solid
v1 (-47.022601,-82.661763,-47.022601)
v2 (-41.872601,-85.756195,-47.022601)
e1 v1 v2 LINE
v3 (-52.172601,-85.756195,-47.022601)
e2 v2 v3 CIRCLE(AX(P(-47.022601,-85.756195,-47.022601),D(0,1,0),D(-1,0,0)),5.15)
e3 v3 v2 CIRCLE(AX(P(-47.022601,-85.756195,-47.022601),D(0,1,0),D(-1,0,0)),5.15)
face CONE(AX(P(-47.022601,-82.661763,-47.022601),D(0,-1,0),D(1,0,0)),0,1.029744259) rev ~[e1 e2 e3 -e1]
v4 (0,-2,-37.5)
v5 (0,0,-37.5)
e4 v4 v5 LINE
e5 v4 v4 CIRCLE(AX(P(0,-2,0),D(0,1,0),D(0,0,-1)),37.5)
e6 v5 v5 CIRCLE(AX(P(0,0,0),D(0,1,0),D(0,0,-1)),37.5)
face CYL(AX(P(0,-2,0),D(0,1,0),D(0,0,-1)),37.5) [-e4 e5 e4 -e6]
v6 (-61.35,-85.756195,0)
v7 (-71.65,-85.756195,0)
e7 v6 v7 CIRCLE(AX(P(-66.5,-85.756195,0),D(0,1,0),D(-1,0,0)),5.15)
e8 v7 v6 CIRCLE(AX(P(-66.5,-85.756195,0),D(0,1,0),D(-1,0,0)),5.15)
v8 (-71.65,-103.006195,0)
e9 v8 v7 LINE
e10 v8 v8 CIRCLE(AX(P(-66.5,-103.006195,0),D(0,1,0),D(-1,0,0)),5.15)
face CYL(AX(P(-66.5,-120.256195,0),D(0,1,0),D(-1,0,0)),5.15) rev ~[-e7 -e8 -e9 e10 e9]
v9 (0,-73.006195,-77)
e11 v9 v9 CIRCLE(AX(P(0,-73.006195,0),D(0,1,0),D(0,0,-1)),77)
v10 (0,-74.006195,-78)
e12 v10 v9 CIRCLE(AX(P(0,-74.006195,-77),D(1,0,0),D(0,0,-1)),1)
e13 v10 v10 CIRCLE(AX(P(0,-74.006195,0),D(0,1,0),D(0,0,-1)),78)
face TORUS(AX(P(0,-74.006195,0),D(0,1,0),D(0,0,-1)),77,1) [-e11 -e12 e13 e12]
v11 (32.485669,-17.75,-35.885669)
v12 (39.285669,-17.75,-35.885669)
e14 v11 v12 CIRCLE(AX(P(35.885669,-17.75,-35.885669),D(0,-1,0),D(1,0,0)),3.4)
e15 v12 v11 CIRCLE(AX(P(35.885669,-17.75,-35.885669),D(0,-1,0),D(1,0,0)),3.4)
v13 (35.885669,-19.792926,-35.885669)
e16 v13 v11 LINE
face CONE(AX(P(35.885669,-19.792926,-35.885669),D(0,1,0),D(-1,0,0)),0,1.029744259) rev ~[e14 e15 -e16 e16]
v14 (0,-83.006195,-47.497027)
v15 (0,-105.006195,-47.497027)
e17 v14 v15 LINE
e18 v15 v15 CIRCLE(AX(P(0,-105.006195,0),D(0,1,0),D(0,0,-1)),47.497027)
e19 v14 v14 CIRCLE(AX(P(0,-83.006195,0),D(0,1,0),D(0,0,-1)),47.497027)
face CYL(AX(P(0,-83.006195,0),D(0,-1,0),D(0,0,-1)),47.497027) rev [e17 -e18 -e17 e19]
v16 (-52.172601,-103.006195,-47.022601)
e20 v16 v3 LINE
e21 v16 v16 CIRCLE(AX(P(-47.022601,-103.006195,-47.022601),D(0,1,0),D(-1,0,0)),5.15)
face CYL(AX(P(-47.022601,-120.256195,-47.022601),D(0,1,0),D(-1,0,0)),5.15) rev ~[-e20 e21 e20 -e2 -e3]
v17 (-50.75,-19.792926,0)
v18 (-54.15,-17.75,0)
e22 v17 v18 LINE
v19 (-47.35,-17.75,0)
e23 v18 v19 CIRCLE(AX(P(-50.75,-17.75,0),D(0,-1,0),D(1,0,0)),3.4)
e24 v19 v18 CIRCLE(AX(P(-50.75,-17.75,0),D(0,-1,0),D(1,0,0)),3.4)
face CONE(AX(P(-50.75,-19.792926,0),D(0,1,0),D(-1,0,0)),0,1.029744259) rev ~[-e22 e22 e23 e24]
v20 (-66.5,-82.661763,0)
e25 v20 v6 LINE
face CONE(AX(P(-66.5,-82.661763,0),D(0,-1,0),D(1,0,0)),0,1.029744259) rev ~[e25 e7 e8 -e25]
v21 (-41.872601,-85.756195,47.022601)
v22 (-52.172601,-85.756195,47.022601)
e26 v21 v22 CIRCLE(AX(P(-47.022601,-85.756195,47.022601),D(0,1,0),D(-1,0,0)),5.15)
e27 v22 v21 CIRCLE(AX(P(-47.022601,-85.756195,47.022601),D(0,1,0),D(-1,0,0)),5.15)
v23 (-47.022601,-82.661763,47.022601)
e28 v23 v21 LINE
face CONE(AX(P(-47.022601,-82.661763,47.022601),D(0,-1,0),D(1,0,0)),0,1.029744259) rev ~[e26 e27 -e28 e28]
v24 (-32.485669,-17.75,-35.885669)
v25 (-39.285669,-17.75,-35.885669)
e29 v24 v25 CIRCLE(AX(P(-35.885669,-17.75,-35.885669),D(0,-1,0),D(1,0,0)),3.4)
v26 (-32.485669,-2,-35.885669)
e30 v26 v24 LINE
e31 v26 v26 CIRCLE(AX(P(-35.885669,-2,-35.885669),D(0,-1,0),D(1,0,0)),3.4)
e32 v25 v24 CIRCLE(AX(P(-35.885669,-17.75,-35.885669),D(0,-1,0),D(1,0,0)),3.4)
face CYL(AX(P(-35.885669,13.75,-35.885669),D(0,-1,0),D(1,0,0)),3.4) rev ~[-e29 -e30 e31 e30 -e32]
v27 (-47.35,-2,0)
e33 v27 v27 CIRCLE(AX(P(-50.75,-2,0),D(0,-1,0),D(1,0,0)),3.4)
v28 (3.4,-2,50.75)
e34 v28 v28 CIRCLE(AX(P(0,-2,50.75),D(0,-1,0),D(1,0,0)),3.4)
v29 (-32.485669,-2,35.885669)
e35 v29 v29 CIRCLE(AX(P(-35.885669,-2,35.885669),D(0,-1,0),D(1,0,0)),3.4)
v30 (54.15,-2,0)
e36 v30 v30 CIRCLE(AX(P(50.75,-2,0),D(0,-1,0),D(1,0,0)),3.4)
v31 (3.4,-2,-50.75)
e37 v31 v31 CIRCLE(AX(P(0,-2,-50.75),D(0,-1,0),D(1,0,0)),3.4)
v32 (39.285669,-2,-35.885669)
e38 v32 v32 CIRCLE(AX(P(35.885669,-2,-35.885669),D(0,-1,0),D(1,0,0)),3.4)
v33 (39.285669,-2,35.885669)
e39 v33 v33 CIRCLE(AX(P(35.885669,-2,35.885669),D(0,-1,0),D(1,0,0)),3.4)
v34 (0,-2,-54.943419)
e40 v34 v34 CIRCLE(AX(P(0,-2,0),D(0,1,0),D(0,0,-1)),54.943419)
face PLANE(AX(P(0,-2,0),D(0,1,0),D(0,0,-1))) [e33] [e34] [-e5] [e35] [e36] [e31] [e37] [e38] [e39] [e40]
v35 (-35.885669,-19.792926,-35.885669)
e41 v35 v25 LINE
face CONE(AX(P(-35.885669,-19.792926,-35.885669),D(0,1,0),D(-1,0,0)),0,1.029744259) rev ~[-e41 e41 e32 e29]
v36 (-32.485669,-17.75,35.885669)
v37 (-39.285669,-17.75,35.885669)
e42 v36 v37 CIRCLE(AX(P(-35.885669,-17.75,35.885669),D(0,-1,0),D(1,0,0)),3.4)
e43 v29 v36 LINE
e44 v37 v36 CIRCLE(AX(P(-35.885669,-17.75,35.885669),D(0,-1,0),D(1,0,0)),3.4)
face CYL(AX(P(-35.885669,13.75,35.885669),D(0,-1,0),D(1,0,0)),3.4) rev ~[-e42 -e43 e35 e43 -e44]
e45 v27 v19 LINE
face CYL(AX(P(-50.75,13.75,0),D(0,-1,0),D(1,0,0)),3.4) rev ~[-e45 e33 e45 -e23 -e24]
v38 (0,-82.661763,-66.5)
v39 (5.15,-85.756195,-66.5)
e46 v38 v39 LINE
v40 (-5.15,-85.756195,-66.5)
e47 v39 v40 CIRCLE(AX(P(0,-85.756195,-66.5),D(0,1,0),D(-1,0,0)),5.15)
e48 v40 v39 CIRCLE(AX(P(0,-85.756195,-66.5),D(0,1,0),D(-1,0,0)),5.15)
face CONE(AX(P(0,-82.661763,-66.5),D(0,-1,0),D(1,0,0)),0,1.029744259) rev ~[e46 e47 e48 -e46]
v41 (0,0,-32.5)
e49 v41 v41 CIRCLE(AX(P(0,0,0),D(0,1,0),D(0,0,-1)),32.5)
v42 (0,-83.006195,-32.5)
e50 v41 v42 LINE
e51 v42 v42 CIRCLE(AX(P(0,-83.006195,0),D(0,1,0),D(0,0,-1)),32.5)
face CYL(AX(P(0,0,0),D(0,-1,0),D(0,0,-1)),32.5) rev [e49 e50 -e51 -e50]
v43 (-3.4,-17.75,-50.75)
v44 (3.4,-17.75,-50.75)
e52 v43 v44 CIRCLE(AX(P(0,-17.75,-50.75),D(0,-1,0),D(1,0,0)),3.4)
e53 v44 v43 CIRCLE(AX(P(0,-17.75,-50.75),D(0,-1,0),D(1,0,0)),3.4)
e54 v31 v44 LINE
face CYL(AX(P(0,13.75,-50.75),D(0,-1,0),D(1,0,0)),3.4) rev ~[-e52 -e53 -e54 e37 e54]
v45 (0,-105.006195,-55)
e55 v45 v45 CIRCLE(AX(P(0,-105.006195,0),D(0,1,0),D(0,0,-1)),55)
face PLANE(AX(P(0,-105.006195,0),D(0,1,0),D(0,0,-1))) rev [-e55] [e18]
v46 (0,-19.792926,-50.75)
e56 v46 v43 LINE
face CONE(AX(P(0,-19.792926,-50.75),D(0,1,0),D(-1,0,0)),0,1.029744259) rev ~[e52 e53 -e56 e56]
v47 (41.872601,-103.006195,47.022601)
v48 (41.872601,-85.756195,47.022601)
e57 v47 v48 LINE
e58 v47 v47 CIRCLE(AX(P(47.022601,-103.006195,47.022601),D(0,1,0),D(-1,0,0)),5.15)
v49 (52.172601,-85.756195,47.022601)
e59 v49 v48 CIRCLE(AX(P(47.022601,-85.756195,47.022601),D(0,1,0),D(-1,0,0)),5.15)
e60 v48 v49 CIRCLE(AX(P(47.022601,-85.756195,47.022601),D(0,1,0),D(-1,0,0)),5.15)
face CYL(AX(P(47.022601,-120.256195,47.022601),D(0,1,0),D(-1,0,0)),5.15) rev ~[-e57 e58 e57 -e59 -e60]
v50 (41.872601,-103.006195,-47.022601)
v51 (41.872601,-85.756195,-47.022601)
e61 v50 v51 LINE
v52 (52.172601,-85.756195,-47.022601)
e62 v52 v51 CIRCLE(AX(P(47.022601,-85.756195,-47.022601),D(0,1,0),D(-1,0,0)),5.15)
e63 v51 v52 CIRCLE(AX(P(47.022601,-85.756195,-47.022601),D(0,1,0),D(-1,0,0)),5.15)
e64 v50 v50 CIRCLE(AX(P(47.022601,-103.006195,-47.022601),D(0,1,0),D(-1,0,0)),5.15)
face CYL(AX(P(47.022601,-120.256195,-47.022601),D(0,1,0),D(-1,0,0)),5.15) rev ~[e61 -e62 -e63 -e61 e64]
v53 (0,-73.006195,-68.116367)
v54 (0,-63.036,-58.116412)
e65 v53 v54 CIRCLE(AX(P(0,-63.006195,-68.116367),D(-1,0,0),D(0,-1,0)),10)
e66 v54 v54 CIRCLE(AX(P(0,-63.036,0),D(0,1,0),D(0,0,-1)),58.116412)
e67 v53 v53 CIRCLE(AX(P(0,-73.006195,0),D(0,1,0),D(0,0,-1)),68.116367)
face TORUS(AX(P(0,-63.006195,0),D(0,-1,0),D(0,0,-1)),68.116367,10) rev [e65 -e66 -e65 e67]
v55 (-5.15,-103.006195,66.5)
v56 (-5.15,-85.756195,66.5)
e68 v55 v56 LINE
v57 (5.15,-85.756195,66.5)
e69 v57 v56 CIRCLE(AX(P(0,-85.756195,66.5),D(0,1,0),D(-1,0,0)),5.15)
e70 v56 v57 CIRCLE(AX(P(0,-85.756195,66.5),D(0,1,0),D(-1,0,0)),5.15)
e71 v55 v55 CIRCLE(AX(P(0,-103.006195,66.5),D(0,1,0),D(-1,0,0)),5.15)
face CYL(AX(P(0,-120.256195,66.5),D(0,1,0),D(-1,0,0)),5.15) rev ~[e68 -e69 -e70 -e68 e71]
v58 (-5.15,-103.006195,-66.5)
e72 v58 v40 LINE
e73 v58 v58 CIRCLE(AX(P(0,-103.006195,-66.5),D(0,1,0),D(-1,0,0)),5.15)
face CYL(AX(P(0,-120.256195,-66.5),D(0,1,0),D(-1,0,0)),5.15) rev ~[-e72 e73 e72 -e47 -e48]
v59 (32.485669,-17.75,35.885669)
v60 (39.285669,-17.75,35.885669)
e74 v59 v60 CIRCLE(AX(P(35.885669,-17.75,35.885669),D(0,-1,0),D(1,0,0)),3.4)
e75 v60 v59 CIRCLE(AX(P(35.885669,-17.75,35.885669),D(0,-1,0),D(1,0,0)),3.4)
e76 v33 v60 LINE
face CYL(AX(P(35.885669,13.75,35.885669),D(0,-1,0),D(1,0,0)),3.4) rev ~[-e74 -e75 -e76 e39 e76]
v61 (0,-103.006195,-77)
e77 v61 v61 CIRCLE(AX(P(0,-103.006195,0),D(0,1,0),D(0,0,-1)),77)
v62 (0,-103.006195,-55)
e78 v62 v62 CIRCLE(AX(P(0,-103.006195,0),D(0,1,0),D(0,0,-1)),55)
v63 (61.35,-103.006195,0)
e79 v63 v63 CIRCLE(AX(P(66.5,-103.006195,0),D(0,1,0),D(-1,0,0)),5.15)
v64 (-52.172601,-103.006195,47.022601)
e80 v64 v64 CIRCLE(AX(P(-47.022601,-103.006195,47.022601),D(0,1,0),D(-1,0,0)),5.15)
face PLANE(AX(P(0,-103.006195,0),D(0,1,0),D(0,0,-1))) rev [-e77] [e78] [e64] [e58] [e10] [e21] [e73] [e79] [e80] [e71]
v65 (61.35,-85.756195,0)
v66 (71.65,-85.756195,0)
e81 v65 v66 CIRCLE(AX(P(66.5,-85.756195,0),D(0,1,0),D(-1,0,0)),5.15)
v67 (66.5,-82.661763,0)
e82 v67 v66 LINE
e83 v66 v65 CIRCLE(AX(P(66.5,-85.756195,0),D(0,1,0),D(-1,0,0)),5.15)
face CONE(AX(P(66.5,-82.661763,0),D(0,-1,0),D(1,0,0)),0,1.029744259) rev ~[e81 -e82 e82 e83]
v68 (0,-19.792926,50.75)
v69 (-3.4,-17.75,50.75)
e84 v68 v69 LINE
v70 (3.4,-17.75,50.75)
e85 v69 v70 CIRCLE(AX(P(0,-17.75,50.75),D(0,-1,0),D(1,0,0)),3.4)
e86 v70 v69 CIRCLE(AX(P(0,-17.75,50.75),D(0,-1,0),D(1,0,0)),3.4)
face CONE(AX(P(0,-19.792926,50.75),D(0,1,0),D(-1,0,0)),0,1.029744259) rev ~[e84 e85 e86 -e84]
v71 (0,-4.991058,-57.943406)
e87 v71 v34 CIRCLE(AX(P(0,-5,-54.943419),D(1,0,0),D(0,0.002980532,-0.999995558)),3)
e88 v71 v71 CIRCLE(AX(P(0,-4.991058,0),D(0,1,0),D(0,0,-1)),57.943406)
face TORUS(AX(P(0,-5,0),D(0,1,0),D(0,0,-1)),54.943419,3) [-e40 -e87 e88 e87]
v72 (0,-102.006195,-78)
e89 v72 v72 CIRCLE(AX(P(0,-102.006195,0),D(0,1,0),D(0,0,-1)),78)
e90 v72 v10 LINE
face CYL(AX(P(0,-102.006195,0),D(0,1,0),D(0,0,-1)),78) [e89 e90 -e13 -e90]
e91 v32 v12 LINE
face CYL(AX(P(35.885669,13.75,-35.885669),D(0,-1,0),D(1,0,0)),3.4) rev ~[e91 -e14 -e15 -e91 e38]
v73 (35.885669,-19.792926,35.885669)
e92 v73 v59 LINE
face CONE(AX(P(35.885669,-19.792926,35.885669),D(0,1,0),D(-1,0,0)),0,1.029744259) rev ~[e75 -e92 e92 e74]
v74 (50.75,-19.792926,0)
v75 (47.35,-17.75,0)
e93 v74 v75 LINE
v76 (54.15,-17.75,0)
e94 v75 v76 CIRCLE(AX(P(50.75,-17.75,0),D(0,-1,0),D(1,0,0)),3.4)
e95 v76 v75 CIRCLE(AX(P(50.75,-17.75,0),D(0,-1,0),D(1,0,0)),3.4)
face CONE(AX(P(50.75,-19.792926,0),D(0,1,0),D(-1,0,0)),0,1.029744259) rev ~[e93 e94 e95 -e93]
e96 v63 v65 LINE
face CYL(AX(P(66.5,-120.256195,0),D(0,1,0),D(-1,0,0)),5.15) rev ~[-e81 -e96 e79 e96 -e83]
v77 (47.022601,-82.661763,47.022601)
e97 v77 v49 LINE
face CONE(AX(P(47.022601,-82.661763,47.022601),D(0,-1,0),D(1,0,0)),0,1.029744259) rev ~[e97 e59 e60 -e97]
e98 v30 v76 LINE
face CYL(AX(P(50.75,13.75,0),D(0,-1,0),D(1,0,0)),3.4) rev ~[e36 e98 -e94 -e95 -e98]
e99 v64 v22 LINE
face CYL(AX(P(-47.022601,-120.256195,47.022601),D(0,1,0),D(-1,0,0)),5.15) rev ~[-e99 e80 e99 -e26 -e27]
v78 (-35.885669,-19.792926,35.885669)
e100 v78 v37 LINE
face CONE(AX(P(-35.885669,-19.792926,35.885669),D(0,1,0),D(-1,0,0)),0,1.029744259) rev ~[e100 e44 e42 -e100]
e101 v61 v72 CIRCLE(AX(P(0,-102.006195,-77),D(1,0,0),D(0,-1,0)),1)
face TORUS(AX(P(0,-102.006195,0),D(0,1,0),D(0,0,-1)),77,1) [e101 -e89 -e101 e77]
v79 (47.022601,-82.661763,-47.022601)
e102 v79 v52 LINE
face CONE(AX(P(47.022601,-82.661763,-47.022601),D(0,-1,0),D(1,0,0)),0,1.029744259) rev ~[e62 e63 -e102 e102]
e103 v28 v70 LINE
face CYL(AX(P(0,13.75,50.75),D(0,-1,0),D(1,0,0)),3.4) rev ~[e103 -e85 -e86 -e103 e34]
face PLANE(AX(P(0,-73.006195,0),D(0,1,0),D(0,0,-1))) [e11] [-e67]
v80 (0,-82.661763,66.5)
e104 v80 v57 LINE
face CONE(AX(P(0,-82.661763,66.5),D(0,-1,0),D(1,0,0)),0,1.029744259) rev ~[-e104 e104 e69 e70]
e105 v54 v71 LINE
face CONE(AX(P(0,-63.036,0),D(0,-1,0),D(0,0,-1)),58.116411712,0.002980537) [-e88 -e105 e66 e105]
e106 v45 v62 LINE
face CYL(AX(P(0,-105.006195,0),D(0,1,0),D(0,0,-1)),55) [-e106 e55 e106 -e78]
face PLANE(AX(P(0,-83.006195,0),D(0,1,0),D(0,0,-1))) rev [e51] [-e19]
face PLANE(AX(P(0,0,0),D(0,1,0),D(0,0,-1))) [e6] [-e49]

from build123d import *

# Parameters (mm, degrees)
F3_D     = 10.3
F3_DEPTH = 17.25
F3_TIP   = 3.094432188
F5_D     = 6.8
F5_DEPTH = 15.75
F5_TIP   = 2.0429261047


with BuildPart() as f1:
    # F0 (on Right) → F1 (revolve)
    with BuildSketch(Plane.YZ):
        with BuildLine():
            Line((0, -37.5), (0, -32.5))
            Line((0, -32.5), (-83.0061950125, -32.5))
            Line((-83.0061950125, -32.5), (-83.0061950125, -47.4970266223))
            Line((-83.0061950125, -47.4970266223), (-105.0061950125, -47.4970266223))
            Line((-105.0061950125, -47.4970266223), (-105.0061950125, -55))
            Line((-105.0061950125, -55), (-103.0061950125, -55))
            Line((-103.0061950125, -55), (-103.0061950125, -77))
            ThreePointArc((-103.0061950125, -77), (-102.7133017936, -77.7071067812), (-102.0061950125, -78))
            Line((-102.0061950125, -78), (-74.0061950125, -78))
            ThreePointArc((-74.0061950125, -78), (-73.2990882313, -77.7071067812), (-73.0061950125, -77))
            Line((-73.0061950125, -77), (-73.0061950125, -68.1163672938))
            ThreePointArc((-73.0061950125, -68.1163672938), (-70.0877927563, -61.055845118), (-63.0360003336, -58.1164117118))
            Line((-63.0360003336, -58.1164117118), (-4.9910584037, -57.94340613))
            ThreePointArc((-4.9910584037, -57.94340613), (-2.8755206768, -57.0615761081), (-2, -54.9434194554))
            Line((-2, -54.9434194554), (-2, -37.5))
            Line((-2, -37.5), (0, -37.5))
        make_face()
    revolve(axis=Axis((0, -33.4279872477, 0), (0, 1, 0)))

    # F3
    with Locations(Plane.XZ.offset(103.0061950125)):
        with Locations((0, 66.5), (47.0226009489, 47.0226009489), (66.5, 0), (47.0226009489, -47.0226009489), (0, -66.5), (-47.0226009489, -47.0226009489), (-66.5, 0), (-47.0226009489, 47.0226009489)):
            Hole(F3_D / 2, depth=F3_DEPTH)
            with Locations((0, 0, -(F3_DEPTH + F3_TIP / 2))):  # 118° drill point
                Cone(0, F3_D / 2, F3_TIP, mode=Mode.SUBTRACT)

    # F5
    with Locations(Plane(origin=(0, -2, 0), x_dir=(-1, 0, 0), z_dir=(0, 1, 0))):
        with Locations((0, 50.75), (35.8856691452, 35.8856691452), (50.75, 0), (35.8856691452, -35.8856691452), (0, -50.75), (-35.8856691452, -35.8856691452), (-50.75, 0), (-35.8856691452, 35.8856691452)):
            Hole(F5_D / 2, depth=F5_DEPTH)
            with Locations((0, 0, -(F5_DEPTH + F5_TIP / 2))):  # 118° drill point
                Cone(0, F5_D / 2, F5_TIP, mode=Mode.SUBTRACT)


solid = f1.part
